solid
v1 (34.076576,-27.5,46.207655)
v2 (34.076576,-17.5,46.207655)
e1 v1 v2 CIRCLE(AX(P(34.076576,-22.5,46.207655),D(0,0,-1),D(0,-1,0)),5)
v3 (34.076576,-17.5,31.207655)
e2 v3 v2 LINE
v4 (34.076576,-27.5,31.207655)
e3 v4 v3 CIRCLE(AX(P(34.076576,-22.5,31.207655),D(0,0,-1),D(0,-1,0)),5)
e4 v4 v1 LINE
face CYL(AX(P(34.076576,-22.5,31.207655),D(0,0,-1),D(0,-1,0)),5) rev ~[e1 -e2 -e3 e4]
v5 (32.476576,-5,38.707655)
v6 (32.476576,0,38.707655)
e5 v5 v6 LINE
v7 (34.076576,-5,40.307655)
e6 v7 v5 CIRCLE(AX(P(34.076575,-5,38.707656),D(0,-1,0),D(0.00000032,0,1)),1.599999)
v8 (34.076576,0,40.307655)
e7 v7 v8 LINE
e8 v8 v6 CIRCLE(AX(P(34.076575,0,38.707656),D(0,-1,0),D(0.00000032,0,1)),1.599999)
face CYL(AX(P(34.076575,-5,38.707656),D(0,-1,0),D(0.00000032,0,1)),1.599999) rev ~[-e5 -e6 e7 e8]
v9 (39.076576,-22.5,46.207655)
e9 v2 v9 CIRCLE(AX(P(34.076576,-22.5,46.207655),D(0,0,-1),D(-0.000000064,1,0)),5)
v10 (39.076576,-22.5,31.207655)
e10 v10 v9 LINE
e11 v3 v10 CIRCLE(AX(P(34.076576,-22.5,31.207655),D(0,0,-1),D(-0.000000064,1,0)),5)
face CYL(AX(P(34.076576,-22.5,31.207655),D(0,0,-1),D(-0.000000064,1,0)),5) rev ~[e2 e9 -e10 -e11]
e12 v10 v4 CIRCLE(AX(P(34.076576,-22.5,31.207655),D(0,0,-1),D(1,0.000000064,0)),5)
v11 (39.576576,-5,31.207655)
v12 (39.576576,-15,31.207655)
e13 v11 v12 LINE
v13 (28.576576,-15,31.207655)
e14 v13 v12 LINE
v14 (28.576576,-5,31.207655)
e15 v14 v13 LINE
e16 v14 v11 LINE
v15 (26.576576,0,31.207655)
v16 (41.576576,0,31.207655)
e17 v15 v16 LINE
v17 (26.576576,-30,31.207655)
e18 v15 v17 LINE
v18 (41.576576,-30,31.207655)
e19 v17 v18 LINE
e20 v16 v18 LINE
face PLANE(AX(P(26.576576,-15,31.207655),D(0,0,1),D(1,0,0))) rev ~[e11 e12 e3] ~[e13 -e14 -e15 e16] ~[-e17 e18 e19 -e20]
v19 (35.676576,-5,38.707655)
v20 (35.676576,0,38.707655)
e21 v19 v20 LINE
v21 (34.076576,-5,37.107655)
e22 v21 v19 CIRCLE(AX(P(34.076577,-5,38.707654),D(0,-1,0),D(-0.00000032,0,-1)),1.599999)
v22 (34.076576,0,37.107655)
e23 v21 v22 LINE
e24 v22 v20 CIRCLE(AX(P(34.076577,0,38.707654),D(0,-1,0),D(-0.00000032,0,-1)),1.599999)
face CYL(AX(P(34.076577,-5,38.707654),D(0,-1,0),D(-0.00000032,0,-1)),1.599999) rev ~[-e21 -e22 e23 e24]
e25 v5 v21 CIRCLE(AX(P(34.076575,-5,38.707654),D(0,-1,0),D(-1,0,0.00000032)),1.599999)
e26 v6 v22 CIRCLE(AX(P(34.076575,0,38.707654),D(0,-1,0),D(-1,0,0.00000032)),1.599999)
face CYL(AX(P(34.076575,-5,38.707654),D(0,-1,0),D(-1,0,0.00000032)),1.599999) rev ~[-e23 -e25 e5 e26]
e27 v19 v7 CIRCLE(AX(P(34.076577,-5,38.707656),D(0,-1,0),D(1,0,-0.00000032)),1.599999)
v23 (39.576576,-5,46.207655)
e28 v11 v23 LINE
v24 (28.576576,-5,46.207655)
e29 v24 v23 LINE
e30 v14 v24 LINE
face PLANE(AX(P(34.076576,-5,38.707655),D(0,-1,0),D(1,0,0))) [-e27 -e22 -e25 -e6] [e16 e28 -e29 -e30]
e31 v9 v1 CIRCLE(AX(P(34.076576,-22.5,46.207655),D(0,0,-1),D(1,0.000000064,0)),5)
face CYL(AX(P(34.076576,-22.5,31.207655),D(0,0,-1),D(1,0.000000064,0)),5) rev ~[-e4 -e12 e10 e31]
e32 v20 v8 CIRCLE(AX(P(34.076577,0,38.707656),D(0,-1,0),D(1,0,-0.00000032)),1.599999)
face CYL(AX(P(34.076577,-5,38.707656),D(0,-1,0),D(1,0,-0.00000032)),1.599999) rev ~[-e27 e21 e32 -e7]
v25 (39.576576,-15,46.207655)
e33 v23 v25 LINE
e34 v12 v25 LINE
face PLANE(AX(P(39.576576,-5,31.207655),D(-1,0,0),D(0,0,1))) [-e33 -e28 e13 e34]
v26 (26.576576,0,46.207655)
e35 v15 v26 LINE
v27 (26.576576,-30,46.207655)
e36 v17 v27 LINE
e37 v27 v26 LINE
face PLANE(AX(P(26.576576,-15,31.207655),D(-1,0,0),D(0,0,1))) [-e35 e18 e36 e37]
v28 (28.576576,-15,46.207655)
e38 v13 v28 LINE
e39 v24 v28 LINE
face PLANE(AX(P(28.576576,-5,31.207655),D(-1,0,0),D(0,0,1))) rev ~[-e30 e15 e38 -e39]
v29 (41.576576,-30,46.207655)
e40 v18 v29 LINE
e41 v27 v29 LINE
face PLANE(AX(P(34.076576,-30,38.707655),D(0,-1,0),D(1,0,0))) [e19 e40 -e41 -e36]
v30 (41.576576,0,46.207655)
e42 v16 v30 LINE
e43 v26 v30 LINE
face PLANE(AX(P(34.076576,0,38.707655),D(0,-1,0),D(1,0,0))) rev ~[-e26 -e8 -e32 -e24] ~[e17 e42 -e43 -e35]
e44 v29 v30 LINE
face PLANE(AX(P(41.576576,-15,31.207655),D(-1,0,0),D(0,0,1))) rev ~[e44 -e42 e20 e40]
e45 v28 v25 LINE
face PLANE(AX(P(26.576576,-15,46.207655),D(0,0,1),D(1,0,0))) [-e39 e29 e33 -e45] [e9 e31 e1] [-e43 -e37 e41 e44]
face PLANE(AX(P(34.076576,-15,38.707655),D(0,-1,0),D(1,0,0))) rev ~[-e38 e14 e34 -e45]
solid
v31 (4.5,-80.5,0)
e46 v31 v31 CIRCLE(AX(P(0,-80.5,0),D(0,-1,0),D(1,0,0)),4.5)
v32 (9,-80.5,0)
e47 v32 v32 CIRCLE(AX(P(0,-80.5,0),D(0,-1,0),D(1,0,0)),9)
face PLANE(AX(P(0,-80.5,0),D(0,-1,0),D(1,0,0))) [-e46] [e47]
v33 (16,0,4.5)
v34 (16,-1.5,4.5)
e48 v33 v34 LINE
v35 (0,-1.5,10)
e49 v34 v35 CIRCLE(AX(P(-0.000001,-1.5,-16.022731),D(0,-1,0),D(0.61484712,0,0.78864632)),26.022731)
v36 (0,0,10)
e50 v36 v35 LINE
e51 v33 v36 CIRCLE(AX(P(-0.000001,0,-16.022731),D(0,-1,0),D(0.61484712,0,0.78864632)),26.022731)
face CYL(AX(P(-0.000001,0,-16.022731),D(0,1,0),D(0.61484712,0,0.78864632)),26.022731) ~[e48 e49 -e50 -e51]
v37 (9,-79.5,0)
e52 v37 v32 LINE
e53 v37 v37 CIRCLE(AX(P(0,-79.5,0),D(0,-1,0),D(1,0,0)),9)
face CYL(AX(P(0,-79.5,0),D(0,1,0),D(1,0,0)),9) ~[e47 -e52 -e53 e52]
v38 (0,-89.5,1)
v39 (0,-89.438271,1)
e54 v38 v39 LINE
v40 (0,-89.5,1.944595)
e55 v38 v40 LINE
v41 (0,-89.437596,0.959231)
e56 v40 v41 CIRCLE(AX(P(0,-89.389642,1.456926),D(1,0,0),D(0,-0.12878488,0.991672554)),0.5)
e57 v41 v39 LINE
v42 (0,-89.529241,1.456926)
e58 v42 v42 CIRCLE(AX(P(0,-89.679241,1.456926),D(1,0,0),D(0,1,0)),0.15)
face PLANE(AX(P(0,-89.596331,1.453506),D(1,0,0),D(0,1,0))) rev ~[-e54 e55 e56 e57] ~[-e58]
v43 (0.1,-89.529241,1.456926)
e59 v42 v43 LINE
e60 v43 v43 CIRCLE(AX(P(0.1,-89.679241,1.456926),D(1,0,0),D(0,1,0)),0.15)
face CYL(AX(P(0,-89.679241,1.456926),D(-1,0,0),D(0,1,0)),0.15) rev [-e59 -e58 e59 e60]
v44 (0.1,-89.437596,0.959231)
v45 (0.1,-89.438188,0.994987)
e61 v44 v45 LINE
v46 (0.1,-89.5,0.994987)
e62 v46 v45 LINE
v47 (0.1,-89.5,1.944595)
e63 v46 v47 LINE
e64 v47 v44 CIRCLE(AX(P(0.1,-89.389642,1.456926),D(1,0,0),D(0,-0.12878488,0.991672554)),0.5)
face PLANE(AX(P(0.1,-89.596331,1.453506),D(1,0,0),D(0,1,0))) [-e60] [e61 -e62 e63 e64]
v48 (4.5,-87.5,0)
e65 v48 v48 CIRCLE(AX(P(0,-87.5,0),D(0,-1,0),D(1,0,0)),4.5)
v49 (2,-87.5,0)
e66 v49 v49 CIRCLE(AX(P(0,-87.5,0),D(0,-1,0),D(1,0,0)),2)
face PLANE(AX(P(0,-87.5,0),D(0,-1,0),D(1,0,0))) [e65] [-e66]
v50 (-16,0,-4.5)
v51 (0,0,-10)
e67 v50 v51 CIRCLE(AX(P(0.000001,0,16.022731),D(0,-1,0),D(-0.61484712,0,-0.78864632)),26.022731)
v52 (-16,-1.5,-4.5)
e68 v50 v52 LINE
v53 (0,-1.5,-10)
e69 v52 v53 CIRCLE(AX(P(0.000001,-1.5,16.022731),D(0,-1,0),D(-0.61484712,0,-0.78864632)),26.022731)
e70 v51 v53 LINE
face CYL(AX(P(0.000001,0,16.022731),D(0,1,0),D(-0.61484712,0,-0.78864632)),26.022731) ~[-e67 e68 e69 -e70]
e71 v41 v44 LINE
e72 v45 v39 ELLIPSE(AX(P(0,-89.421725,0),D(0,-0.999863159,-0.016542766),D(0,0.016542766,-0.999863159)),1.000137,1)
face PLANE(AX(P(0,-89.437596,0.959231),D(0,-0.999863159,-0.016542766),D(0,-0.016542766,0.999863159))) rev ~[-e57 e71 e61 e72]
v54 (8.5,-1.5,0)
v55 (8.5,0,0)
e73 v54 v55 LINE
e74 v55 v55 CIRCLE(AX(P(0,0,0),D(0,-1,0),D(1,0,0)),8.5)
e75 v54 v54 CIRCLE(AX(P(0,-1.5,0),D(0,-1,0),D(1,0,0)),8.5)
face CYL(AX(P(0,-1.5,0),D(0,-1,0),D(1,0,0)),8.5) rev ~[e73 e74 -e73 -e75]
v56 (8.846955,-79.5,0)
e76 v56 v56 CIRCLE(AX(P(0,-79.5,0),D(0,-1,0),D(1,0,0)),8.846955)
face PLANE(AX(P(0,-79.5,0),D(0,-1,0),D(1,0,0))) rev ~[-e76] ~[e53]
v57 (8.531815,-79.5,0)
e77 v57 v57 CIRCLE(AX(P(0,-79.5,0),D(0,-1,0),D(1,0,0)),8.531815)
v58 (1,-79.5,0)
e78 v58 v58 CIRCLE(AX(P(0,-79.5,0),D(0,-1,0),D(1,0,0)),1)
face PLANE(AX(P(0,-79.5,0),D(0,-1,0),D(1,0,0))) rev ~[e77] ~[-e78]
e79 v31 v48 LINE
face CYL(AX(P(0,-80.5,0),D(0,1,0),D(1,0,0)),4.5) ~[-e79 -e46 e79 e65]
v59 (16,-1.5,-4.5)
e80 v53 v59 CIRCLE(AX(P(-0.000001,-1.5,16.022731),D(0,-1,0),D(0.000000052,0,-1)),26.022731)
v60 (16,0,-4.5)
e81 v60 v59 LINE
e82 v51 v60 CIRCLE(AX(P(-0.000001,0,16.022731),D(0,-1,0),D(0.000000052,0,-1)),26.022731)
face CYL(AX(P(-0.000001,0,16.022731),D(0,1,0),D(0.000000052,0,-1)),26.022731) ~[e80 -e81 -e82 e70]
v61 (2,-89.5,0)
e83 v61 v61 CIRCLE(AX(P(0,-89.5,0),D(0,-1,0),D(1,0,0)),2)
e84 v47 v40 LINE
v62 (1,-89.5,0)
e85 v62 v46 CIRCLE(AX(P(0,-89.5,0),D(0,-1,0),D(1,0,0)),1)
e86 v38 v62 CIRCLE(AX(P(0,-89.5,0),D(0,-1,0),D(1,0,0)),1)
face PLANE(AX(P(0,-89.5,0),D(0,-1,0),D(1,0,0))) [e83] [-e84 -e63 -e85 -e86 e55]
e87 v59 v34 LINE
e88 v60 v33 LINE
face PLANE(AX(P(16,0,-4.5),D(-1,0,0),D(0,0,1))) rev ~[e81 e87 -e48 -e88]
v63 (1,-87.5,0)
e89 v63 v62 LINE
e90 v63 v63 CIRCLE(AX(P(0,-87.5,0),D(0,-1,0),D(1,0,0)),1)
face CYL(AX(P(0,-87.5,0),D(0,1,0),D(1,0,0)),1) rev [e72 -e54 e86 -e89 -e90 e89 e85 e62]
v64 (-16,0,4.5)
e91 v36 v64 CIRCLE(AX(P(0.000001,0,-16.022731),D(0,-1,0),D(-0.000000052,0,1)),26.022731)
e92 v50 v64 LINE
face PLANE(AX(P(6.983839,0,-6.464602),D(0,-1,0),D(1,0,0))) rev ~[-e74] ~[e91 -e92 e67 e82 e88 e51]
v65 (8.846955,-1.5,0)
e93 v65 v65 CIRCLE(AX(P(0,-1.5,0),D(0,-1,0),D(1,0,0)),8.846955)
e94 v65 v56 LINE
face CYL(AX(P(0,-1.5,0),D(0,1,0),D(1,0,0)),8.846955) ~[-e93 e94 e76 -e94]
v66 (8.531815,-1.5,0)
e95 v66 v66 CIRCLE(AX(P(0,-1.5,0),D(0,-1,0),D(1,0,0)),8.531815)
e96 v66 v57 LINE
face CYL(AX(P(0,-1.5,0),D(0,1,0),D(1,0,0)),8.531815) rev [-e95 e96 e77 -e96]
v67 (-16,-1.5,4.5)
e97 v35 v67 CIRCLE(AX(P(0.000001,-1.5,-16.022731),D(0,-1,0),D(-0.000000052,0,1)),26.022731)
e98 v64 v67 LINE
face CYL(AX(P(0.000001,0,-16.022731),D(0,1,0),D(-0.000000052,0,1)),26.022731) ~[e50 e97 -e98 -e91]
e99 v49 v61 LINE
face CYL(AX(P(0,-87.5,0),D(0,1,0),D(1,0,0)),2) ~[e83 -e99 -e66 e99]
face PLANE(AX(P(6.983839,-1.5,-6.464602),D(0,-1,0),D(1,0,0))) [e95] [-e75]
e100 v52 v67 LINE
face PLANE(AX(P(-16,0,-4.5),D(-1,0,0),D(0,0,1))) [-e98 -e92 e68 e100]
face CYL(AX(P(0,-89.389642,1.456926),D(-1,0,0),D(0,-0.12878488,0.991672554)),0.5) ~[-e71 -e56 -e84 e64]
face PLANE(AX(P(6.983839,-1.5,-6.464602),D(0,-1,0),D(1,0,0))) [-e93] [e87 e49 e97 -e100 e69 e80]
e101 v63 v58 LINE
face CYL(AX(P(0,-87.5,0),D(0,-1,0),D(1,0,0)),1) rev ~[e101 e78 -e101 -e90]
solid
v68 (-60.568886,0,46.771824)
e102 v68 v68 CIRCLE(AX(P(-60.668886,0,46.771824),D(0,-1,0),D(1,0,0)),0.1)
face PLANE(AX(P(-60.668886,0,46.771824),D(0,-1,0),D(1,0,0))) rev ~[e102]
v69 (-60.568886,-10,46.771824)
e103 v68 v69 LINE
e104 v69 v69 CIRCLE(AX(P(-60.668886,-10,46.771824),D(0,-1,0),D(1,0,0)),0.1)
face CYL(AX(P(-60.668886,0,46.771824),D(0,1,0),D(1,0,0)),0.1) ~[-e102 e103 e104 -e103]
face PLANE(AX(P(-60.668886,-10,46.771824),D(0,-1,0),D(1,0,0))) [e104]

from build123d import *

# Parameters (mm, degrees)
F0_W      = 16
F0_H      = 9
F1_DEPTH  = 1.5
F2_R      = 8.5
F3_DEPTH  = 1.501
F4_R      = 8.846955
F4_R_2    = 8.531815
F5_DEPTH  = 78
F6_R      = 9
F7_DEPTH  = 1
F8_R      = 4.5
F9_DEPTH  = 7
F10_R     = 2
F10_R_2   = 1
F11_DEPTH = 2
F12_R     = 1
F13_DEPTH = 87.501
F14_R     = 0.15
F15_DEPTH = 0.1
F16_R     = 0.1
F17_DEPTH = 10
F18_W     = 15
F18_H     = 15
F19_DEPTH = 5
F21_DEPTH = 5.001
F22_W     = 2
F22_H     = 15
F23_DEPTH = 10
F24_W     = 15
F24_H     = 15
F25_DEPTH = 15
F27_DEPTH = 15.665169


with BuildPart() as f1:
    # F0 (on Front) → F1 (new body)
    with BuildSketch(Plane.XZ):
        with BuildLine():
            ThreePointArc((0, -10), (8.459462, -8.586617), (16, -4.5))
            Line((16, -4.5), (0, -4.5))
            Line((0, -4.5), (0, -10))
        make_face()
        with Locations((8, 0)):
            Rectangle(F0_W, F0_H)
        with BuildLine():
            Line((0, -10), (0, -4.5))
            Line((0, -4.5), (-16, -4.5))
            ThreePointArc((-16, -4.5), (-8.459462, -8.586617), (0, -10))
        make_face()
        with Locations((-8, 0)):
            Rectangle(F0_W, F0_H)
        with BuildLine():
            Line((0, 4.5), (16, 4.5))
            ThreePointArc((16, 4.5), (8.459462, 8.586617), (0, 10))
            Line((0, 10), (0, 4.5))
        make_face()
        with BuildLine():
            Line((-16, 4.5), (0, 4.5))
            Line((0, 4.5), (0, 10))
            ThreePointArc((0, 10), (-8.459462, 8.586617), (-16, 4.5))
        make_face()
    extrude(amount=F1_DEPTH)

    # F2 (on face) → F3 (cut, through all)
    with BuildSketch(Plane.XZ.offset(1.5)):
        Circle(F2_R)
    extrude(amount=-F3_DEPTH, mode=Mode.SUBTRACT)

    # F4 (on face) → F5 (join)
    with BuildSketch(Plane.XZ.offset(1.5)):
        Circle(F4_R)
        Circle(F4_R_2, mode=Mode.SUBTRACT)
    extrude(amount=F5_DEPTH)

    # F6 (on face) → F7 (join)
    with BuildSketch(Plane.XZ.offset(79.5)):
        Circle(F6_R)
    extrude(amount=F7_DEPTH)

    # F8 (on face) → F9 (join)
    with BuildSketch(Plane.XZ.offset(80.5)):
        Circle(F8_R)
    extrude(amount=F9_DEPTH)

    # F10 (on face) → F11 (join)
    with BuildSketch(Plane.XZ.offset(87.5)):
        Circle(F10_R)
        Circle(F10_R_2, mode=Mode.SUBTRACT)
    extrude(amount=F11_DEPTH)

    # F12 (on face) → F13 (cut, through all)
    with BuildSketch(Plane.XZ.offset(87.5)):
        Circle(F12_R)
    extrude(amount=-F13_DEPTH, mode=Mode.SUBTRACT)

    # F14 (on Right) → F15 (join)
    with BuildSketch(Plane.YZ):
        with BuildLine():
            Line((-89.437596, 0.959231), (-89.454034, 1.952762))
            ThreePointArc((-89.454034, 1.952762), (-89.889573, 1.448655), (-89.437596, 0.959231))
        make_face()
        with Locations((-89.679241, 1.456926)):
            Circle(F14_R, mode=Mode.SUBTRACT)
    extrude(amount=F15_DEPTH)


with BuildPart() as f17:
    # F16 (on Front) → F17 (new body)
    with BuildSketch(Plane.XZ):
        with Locations((-60.668886, 46.771824)):
            Circle(F16_R)
    extrude(amount=F17_DEPTH)


with BuildPart() as f19:
    # F18 (on Front) → F19 (new body)
    with BuildSketch(Plane.XZ):
        with Locations((34.076576, 38.707655)):
            Rectangle(F18_W, F18_H)
    extrude(amount=F19_DEPTH)

    # F20 (on face) → F21 (cut, through all)
    with BuildSketch(Plane.XZ.offset(5)):
        with BuildLine():
            ThreePointArc((35.676576, 38.707655), (35.207947, 39.839026), (34.076576, 40.307655))
            Line((34.076576, 40.307655), (34.076576, 38.707655))
            Line((34.076576, 38.707655), (35.676576, 38.707655))
        make_face()
        with BuildLine():
            Line((34.076576, 38.707655), (34.076576, 40.307655))
            ThreePointArc((34.076576, 40.307655), (32.945205, 39.839026), (32.476576, 38.707655))
            Line((32.476576, 38.707655), (34.076576, 38.707655))
        make_face()
        with BuildLine():
            Line((35.676576, 38.707655), (34.076576, 38.707655))
            Line((34.076576, 38.707655), (34.076576, 37.107655))
            ThreePointArc((34.076576, 37.107655), (35.207947, 37.576284), (35.676576, 38.707655))
        make_face()
        with BuildLine():
            Line((34.076576, 37.107655), (34.076576, 38.707655))
            Line((34.076576, 38.707655), (32.476576, 38.707655))
            ThreePointArc((32.476576, 38.707655), (32.945205, 37.576284), (34.076576, 37.107655))
        make_face()
    extrude(amount=-F21_DEPTH, mode=Mode.SUBTRACT)

    # F22 (on face) → F23 (join)
    with BuildSketch(Plane.XZ.offset(5)):
        with Locations((27.576576, 38.707655)):
            Rectangle(F22_W, F22_H)
        with Locations((40.576576, 38.707655)):
            Rectangle(F22_W, F22_H)
    extrude(amount=F23_DEPTH)

    # F24 (on face) → F25 (join)
    with BuildSketch(Plane.XZ.offset(15)):
        with Locations((34.076576, 38.707655)):
            Rectangle(F24_W, F24_H)
    extrude(amount=F25_DEPTH)

    # F26 (on face) → F27 (cut, through all)
    with BuildSketch(Plane(origin=(0, 0, 31.207655), x_dir=(1, 0, 0), z_dir=(0, 0, -1))):
        with BuildLine():
            ThreePointArc((34.076576, 27.5), (29.076576, 22.5), (34.076576, 17.5))
            Line((34.076576, 17.5), (34.076576, 27.5))
        make_face()
        with BuildLine():
            Line((34.076576, 27.5), (34.076576, 17.5))
            ThreePointArc((34.076576, 17.5), (37.61211, 18.964466), (39.076576, 22.5))
            ThreePointArc((39.076576, 22.5), (37.61211, 26.035534), (34.076576, 27.5))
        make_face()
    extrude(amount=-F27_DEPTH, mode=Mode.SUBTRACT)


solid = Compound([f1.part, f17.part, f19.part])
